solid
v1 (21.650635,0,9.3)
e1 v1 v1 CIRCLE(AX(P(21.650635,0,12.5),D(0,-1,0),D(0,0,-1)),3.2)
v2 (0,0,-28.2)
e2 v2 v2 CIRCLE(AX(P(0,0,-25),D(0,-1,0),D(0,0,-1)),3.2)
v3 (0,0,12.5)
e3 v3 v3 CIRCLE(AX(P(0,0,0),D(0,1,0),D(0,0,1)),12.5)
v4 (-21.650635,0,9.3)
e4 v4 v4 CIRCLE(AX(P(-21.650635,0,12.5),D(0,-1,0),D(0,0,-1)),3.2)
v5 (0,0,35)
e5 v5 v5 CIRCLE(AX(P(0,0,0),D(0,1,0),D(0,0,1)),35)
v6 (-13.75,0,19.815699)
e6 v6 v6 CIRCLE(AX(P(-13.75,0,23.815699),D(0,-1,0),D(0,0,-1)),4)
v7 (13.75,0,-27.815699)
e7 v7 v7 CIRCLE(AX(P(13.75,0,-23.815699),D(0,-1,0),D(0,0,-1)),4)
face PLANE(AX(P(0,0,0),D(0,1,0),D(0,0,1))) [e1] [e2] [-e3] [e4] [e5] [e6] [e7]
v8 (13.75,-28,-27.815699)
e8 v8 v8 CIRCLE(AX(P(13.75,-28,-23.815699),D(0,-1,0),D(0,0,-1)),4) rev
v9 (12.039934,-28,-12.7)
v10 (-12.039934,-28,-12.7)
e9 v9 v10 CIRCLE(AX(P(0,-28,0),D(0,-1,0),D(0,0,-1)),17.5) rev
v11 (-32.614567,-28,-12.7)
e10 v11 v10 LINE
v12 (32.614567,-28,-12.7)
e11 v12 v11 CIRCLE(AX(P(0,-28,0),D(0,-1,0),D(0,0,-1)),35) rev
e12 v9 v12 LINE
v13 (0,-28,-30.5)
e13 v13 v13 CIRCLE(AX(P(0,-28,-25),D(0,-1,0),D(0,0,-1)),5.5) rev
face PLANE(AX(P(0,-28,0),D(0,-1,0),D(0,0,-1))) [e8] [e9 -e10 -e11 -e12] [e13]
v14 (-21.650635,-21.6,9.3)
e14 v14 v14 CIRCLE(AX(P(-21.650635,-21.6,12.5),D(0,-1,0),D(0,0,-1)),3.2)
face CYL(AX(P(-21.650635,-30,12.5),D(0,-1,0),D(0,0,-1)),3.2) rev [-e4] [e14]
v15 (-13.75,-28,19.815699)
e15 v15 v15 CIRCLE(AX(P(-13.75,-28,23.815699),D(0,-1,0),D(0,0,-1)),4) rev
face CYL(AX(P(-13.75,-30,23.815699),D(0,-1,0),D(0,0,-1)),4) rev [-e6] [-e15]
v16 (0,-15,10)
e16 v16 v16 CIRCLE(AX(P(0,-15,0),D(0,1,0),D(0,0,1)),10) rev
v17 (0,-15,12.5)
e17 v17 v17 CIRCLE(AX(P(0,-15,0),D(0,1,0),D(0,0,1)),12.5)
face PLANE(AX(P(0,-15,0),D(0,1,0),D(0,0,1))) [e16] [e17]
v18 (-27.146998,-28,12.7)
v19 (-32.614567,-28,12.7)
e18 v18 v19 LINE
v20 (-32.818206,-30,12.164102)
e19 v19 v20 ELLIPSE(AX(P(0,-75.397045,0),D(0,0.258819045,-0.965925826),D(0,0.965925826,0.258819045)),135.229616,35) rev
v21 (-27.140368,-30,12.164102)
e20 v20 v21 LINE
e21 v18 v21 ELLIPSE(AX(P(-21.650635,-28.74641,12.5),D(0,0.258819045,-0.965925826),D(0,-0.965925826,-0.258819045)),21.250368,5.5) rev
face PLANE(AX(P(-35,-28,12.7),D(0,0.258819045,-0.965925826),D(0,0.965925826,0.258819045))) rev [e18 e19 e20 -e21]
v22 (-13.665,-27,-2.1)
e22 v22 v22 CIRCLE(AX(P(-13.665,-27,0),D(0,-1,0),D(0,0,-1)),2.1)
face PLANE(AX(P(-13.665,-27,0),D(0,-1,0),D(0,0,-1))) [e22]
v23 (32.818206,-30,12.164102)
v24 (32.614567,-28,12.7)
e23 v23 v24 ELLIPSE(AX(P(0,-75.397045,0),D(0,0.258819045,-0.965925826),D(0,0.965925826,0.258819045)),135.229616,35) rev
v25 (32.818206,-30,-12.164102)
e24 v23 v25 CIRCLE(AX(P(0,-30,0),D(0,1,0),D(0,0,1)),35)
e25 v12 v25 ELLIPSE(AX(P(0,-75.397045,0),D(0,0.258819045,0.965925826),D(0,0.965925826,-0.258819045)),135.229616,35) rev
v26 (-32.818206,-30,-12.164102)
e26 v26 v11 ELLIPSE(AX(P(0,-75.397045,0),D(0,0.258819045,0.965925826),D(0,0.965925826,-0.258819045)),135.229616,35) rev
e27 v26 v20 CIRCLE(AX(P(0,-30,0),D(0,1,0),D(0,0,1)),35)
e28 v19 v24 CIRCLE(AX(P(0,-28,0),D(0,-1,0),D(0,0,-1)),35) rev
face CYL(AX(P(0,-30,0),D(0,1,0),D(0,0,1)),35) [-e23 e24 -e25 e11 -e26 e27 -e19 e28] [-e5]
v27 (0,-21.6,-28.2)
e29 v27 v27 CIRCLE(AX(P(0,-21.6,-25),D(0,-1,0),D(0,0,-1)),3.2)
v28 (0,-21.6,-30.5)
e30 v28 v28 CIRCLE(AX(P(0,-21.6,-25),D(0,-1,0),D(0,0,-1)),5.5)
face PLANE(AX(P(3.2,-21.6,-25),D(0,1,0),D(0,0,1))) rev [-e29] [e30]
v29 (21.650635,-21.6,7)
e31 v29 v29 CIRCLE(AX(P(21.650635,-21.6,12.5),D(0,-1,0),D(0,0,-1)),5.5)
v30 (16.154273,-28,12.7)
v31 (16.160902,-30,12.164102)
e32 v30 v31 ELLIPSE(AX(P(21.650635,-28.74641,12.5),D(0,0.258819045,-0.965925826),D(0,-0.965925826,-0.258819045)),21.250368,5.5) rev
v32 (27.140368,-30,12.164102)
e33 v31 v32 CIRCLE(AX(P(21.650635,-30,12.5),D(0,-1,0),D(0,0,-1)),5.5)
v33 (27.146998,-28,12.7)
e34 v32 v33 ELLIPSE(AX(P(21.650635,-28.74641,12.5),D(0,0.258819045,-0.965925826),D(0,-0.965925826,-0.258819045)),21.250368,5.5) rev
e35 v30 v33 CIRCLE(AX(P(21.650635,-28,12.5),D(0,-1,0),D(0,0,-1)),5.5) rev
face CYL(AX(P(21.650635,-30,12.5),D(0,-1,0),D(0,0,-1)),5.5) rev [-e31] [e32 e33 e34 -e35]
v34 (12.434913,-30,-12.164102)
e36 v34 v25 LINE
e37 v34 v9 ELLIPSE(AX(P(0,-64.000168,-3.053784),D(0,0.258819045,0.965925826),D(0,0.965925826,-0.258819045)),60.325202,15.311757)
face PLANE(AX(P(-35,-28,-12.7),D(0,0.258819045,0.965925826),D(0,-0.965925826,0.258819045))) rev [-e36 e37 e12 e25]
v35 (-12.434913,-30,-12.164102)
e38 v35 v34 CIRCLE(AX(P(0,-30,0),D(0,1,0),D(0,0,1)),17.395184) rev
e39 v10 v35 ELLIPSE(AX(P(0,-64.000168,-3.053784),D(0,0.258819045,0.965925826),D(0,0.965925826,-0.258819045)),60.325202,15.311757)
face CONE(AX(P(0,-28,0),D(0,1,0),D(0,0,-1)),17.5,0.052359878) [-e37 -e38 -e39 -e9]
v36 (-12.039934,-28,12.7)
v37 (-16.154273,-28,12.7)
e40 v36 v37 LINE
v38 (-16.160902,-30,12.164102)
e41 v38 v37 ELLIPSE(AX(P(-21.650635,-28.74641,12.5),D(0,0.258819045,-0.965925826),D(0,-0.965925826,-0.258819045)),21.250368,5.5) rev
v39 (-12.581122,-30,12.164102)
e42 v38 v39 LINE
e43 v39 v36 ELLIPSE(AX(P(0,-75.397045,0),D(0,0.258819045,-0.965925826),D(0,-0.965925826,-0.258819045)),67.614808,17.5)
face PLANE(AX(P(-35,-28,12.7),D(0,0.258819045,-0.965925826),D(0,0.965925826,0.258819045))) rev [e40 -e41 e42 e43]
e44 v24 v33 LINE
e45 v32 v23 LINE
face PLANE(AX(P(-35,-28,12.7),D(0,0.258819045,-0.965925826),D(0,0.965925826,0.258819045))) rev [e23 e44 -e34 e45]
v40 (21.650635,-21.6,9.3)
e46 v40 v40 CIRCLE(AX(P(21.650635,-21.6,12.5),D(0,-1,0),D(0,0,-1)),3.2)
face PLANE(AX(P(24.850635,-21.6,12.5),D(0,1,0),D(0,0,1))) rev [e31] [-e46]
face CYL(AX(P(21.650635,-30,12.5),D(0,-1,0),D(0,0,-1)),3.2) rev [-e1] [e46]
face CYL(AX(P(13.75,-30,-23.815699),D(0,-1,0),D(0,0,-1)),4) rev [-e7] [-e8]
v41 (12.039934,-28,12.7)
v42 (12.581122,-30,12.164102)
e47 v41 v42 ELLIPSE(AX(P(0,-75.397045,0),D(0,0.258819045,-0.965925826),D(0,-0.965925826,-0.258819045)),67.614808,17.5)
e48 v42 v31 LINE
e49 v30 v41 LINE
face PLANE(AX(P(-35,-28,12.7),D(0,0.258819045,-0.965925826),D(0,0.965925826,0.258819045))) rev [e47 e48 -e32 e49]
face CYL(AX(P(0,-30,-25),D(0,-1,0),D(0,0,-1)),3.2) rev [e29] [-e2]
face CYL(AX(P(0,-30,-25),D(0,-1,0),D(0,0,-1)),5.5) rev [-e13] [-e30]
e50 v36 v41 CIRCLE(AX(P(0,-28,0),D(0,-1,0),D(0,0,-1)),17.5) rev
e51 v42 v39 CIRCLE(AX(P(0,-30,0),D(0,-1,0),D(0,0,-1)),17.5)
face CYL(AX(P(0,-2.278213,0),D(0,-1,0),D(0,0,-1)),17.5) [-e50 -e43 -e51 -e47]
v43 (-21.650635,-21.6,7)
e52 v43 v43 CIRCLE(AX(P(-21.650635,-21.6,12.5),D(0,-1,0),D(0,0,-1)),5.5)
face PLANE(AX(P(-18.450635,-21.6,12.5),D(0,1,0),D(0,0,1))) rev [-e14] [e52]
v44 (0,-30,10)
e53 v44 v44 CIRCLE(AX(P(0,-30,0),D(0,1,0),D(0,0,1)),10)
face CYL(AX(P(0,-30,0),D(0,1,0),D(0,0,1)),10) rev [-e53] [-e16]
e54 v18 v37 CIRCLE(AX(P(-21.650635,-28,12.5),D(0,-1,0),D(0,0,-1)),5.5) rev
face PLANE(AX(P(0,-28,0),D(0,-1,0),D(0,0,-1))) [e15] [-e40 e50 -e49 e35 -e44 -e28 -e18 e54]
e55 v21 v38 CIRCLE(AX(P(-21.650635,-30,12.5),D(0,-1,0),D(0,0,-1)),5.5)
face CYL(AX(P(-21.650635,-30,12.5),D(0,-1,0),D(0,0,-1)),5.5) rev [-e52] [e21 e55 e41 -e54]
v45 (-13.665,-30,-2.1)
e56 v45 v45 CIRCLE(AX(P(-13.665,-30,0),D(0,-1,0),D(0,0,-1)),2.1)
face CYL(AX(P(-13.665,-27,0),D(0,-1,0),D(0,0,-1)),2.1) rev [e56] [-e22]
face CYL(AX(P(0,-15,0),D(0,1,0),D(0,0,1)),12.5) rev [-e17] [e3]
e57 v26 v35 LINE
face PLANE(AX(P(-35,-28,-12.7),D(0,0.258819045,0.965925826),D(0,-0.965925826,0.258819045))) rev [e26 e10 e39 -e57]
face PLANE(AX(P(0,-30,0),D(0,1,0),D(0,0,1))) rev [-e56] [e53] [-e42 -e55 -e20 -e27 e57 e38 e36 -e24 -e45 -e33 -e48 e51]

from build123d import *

# Parameters (mm, degrees)
SKETCH1_R                                           = 35
SKETCH1_R_2                                         = 10
BOSS_EXTRUDE1_DEPTH                                 = 30
SKETCH4_R                                           = 12.5
CUT_EXTRUDE2_DEPTH                                  = 15
CBORE_FOR_M6_HEX_SOCKET_HEAD_CAP_SCREW1_D           = 6.4
CBORE_FOR_M6_HEX_SOCKET_HEAD_CAP_SCREW1_CBORE_D     = 11
CBORE_FOR_M6_HEX_SOCKET_HEAD_CAP_SCREW1_CBORE_DEPTH = 8.4
F_8_0MM_DOWEL_HOLE1_D                               = 8
SKETCH14_OUTSIDE_W                                  = 92.688
SKETCH14_OUTSIDE_H                                  = 92.688
SKETCH14_OUTSIDE_W_2                                = 70
SKETCH14_OUTSIDE_H_2                                = 25.4
CUT_EXTRUDE3_DEPTH                                  = 2
SKETCH18_R                                          = 2.1
CUT_EXTRUDE5_DEPTH                                  = 3
CUT_EXTRUDE6_DEPTH                                  = 58.879184825
CUT_EXTRUDE6_DEPTH_BACK                             = 58.879184825
BOSS_EXTRUDE2_DEPTH                                 = 2
DRAFT1_ANGLE                                        = 3


with BuildPart() as part:
    # Sketch1 → Boss-Extrude1 (new body)
    with BuildSketch(Plane(origin=(0, 0, 0), x_dir=(1, 0, 0), z_dir=(0, 1, 0))):
        with Locations(Location((0, 0, 0), (0, 0, 270))):
            Circle(SKETCH1_R)
        with Locations(Location((0, 0, 0), (0, 0, 270))):
            Circle(SKETCH1_R_2, mode=Mode.SUBTRACT)
    extrude(amount=-BOSS_EXTRUDE1_DEPTH)

    # Sketch4 → Cut-Extrude2 (cut)
    with BuildSketch(Plane(origin=(0, 0, 0), x_dir=(1, 0, 0), z_dir=(0, 1, 0))):
        with Locations(Location((0, 0, 0), (0, 0, 270))):
            Circle(SKETCH4_R)
    extrude(amount=-CUT_EXTRUDE2_DEPTH, mode=Mode.SUBTRACT)

    # CBORE for M6 Hex Socket Head Cap Screw1 (through all)
    with Locations(Plane(origin=(0, -30, 0), x_dir=(-1, 0, 0), z_dir=(0, -1, 0))):
        with Locations((0, 25), (21.650635095, -12.5), (-21.650635095, -12.5)):
            CounterBoreHole(CBORE_FOR_M6_HEX_SOCKET_HEAD_CAP_SCREW1_D / 2, CBORE_FOR_M6_HEX_SOCKET_HEAD_CAP_SCREW1_CBORE_D / 2, CBORE_FOR_M6_HEX_SOCKET_HEAD_CAP_SCREW1_CBORE_DEPTH)

    # Ø8.0mm Dowel Hole1 (through all)
    with Locations(Plane(origin=(0, -30, 0), x_dir=(-1, 0, 0), z_dir=(0, -1, 0))):
        with Locations((13.75, -23.815698604), (-13.75, 23.815698604)):
            Hole(F_8_0MM_DOWEL_HOLE1_D / 2)

    # Sketch14 outside → Cut-Extrude3 (cut)
    with BuildSketch(Plane.XZ.offset(30)):
        Rectangle(SKETCH14_OUTSIDE_W, SKETCH14_OUTSIDE_H)
        Rectangle(SKETCH14_OUTSIDE_W_2, SKETCH14_OUTSIDE_H_2, mode=Mode.SUBTRACT)
    extrude(amount=-CUT_EXTRUDE3_DEPTH, mode=Mode.SUBTRACT)

    # Sketch18 → Cut-Extrude5 (cut)
    with BuildSketch(Plane.XZ.offset(30)):
        with Locations(Location((-13.665, 0, 0), (0, 0, 270))):
            Circle(SKETCH18_R)
    extrude(amount=-CUT_EXTRUDE5_DEPTH, mode=Mode.SUBTRACT)

    # Sketch19 → Cut-Extrude6 (cut, two sides: drawn at the far end of the back side and taken through both)
    with BuildSketch(Plane(origin=(0, 0, 0), x_dir=(0, 0, -1), z_dir=(1, 0, 0)).offset(-CUT_EXTRUDE6_DEPTH_BACK)):
        Polygon((-12.7, -28), (-12.164101615, -30), (-12.7, -30), align=None)
        Polygon((12.7, -28), (12.164101615, -30), (12.7, -30), align=None)
    extrude(amount=CUT_EXTRUDE6_DEPTH + CUT_EXTRUDE6_DEPTH_BACK, mode=Mode.SUBTRACT)

    # Sketch20 → Boss-Extrude2 (add)
    with BuildSketch(Plane.XZ.offset(30)):
        with BuildLine():
            Line((-12.581122044, 12.164101615), (12.581122044, 12.164101615))
            ThreePointArc((12.581122044, 12.164101615), (0, 17.5), (-12.581122044, 12.164101615))
        make_face()
        with BuildLine():
            Line((-12.581122044, -12.164101615), (12.581122044, -12.164101615))
            ThreePointArc((12.581122044, -12.164101615), (0, -17.5), (-12.581122044, -12.164101615))
        make_face()
    extrude(amount=-BOSS_EXTRUDE2_DEPTH)

    # Draft1
    draft1_faces = [part.faces().sort_by_distance(p)[0] for p in [
        (0, -29, -17.5),
    ]]
    draft(draft1_faces, Plane(origin=(0, -28, 0), x_dir=(0, 0, -1), z_dir=(0, -1, 0)), DRAFT1_ANGLE)


solid = part.part
